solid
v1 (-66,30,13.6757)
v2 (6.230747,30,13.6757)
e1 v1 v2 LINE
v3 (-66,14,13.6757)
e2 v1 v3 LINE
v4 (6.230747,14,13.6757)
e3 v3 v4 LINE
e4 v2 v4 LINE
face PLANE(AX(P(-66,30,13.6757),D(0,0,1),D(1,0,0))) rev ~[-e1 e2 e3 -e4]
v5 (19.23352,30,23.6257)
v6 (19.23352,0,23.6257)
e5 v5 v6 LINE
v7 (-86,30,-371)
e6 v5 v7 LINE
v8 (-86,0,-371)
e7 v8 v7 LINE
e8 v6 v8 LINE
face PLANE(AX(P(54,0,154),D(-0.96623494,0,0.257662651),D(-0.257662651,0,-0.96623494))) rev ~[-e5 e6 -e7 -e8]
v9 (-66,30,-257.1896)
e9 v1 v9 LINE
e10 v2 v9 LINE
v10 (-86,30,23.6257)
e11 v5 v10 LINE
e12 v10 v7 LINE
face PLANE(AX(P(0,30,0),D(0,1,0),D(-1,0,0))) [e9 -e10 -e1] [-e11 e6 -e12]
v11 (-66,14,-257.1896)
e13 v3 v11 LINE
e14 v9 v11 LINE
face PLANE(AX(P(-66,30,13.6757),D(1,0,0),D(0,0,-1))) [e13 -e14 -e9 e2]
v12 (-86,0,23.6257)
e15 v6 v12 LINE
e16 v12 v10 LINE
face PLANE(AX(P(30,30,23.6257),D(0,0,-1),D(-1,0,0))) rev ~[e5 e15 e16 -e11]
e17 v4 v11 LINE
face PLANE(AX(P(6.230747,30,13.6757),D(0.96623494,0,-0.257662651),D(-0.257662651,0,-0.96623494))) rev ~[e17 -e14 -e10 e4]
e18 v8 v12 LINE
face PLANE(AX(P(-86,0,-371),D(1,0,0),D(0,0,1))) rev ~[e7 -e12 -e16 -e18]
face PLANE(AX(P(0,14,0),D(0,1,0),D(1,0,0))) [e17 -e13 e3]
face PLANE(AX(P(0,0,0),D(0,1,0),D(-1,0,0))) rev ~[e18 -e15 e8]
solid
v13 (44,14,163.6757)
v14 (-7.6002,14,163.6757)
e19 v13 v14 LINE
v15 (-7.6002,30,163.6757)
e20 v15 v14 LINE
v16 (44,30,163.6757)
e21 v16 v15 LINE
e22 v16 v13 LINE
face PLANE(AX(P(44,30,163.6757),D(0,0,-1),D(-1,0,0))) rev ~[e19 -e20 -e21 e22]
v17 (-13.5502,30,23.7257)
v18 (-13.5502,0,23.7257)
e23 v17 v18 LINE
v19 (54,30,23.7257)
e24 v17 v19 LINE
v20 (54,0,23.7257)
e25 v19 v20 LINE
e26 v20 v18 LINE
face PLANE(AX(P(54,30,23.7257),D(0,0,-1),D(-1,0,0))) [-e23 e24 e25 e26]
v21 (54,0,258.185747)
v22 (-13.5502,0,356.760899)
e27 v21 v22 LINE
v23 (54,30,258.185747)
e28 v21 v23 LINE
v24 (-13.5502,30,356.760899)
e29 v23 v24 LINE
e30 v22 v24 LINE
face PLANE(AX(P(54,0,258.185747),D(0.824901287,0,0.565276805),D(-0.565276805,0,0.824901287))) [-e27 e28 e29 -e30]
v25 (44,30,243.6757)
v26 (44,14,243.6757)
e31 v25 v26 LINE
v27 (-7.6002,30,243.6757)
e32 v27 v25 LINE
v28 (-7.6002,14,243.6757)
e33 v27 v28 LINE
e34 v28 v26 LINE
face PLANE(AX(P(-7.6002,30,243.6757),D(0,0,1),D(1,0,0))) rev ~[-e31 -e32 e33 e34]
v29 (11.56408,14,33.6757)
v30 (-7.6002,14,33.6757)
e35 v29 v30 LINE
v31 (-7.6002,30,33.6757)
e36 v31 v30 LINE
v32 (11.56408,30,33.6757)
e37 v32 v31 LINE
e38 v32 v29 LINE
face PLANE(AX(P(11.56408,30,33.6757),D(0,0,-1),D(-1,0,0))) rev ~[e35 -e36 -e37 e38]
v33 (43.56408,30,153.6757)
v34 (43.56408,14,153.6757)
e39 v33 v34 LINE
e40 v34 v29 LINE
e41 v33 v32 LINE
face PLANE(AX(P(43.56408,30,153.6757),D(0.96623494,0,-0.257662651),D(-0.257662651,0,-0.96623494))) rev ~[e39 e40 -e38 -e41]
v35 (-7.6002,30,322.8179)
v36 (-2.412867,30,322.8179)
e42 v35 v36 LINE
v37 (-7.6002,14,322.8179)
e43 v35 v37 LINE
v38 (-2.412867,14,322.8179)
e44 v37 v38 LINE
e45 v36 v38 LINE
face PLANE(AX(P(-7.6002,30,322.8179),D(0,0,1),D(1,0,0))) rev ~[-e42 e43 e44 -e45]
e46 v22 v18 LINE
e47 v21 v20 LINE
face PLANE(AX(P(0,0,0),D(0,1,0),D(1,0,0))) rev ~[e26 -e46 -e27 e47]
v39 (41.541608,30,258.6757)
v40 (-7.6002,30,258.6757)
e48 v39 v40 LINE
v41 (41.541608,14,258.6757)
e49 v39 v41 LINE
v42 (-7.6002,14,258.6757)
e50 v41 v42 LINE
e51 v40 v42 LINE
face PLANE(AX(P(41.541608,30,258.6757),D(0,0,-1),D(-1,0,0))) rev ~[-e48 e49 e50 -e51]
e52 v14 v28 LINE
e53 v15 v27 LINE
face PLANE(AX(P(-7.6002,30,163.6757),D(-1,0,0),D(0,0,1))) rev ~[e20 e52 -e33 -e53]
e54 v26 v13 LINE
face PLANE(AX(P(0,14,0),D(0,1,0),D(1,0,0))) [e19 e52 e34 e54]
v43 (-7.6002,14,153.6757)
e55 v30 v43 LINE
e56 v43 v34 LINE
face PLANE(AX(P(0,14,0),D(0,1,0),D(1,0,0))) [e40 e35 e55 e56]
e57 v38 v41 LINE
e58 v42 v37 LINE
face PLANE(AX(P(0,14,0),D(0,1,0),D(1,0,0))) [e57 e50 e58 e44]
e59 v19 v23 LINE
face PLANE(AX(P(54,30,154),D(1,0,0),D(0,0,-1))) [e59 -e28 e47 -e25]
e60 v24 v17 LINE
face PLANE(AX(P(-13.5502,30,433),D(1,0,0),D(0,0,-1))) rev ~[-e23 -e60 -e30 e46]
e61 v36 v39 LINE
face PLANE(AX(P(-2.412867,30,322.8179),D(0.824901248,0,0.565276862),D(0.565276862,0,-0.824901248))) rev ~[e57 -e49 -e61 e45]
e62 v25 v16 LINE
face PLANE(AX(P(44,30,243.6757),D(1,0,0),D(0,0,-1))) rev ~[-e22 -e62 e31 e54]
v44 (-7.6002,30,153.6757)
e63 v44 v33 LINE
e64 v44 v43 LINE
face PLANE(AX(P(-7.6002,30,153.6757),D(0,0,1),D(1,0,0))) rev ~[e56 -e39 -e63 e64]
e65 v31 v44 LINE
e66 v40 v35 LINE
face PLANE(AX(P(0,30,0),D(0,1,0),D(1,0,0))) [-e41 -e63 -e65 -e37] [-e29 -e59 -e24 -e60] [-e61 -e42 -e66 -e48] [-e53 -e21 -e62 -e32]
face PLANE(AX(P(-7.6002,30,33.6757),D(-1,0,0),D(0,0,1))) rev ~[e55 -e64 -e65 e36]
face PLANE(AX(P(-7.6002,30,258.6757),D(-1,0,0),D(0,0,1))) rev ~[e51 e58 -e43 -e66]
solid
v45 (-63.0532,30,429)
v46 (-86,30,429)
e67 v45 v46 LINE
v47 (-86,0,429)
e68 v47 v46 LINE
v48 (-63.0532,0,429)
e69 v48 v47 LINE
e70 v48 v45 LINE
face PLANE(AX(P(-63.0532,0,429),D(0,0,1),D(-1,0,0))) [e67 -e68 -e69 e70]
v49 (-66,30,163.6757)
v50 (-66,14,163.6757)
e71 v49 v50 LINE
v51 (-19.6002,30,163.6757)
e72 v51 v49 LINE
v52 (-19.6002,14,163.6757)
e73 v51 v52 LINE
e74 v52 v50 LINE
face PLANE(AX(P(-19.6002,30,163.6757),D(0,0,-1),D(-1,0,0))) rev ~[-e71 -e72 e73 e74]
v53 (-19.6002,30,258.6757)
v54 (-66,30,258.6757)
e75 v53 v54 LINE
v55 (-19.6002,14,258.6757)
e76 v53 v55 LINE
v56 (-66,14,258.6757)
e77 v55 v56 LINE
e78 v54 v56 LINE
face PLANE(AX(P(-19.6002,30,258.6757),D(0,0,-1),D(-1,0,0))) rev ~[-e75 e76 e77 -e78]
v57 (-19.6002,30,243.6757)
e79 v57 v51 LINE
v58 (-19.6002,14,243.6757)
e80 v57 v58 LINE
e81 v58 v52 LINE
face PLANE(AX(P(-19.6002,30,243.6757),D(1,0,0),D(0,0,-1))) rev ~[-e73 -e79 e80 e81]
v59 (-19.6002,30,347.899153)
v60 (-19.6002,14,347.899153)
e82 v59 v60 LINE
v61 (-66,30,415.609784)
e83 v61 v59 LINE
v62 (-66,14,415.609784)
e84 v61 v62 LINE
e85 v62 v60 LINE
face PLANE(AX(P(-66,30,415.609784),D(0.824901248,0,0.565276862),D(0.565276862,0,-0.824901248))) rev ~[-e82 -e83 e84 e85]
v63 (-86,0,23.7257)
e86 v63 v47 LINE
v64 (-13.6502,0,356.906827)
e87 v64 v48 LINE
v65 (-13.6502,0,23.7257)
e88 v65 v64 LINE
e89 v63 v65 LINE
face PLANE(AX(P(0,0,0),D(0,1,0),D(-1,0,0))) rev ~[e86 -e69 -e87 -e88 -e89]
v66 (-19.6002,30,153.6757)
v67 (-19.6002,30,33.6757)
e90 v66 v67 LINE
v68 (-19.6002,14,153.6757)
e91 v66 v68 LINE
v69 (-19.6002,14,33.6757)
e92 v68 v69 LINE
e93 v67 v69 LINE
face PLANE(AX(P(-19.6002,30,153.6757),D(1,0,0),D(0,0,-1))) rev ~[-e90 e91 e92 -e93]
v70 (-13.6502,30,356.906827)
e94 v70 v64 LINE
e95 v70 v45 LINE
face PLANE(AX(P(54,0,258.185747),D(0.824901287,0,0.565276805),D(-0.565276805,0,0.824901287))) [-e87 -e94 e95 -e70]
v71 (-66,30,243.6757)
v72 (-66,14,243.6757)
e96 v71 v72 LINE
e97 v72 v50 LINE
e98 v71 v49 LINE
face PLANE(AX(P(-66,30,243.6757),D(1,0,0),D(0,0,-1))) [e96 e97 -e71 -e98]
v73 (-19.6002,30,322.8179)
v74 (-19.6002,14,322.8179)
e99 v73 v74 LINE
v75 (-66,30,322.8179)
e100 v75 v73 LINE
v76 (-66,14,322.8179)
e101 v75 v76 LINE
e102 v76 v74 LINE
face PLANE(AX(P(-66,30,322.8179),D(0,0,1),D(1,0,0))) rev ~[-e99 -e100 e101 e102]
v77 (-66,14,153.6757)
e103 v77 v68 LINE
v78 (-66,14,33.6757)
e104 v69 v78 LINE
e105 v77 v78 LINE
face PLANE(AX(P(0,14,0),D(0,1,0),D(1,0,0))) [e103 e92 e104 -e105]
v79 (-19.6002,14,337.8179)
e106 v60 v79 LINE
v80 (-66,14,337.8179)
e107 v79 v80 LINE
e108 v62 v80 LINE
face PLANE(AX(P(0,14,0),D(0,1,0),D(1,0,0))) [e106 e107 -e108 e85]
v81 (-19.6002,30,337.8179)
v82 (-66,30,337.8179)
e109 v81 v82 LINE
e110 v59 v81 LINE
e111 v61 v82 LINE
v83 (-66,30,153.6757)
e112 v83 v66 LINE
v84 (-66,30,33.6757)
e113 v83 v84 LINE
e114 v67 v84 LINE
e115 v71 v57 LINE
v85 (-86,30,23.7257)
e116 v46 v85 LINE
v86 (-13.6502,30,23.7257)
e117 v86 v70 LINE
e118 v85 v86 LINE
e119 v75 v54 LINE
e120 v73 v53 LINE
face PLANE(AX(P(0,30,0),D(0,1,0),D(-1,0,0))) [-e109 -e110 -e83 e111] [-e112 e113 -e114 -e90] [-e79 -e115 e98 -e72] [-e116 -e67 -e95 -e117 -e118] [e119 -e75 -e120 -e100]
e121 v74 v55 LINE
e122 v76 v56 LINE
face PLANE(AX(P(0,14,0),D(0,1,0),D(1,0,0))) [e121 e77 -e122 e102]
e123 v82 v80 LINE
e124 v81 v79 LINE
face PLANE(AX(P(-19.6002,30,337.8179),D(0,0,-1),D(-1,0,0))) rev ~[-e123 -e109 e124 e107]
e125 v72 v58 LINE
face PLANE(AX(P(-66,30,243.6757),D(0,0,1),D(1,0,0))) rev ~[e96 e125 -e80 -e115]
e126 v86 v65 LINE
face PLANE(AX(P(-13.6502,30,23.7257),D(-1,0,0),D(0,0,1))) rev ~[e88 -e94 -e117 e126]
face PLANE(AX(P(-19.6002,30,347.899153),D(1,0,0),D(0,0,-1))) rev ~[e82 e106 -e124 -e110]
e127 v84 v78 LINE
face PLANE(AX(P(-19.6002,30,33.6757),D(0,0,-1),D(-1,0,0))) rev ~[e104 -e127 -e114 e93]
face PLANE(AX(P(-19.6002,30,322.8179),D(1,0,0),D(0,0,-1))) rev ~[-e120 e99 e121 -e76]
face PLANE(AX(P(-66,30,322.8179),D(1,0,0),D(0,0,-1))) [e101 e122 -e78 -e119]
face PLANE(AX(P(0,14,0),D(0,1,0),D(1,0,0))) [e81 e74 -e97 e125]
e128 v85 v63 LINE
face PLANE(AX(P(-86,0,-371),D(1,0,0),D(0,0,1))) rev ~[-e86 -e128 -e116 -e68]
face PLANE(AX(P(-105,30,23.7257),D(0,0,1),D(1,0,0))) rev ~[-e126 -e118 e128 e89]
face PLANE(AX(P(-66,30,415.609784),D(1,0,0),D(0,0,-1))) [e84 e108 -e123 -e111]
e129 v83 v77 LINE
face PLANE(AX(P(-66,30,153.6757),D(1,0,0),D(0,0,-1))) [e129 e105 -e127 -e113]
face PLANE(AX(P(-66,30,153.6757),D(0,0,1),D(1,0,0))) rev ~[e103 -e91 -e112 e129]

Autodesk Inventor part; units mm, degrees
ref_plane "YZ Plane" through (0, 0, 0) normal (1, 0, 0) x (0, 1, 0)
ref_plane "XZ Plane" through (0, 0, 0) normal (0, 1, 0) x (-1, 0, 0)
ref_plane "XY Plane" through (0, 0, 0) normal (0, 0, 1) x (1, 0, 0)
sketch "Sketch1" plane through (0, 0, 0) normal (0, 1, 0) x (-1, 0, 0)
  line L0 (86, 229) -> (-74, 229)
  line L1 (-74, 229) -> (-74, -371)
  line L2 (-74, -371) -> (86, -371)
  line L3 (86, -371) -> (86, 229)
  line L4 (86, 229) -> (-74, 229)
  line L5 (-74, 229) -> (-74, 429)
  line L6 (-74, 429) -> (86, 429)
  line L7 (86, 429) -> (86, 229)
  line L8 (-74, 229) -> (86, -371)
  line L9 (-74, 229) -> (63.0532, 429)
  line L10 (-74, 429) -> (-54, 429)
  line L11 (-54, 429) -> (-54, -371)
  line L12 (-54, -371) -> (-74, -371)
  line L13 (-74, -371) -> (-74, 429)
  point P0 (0, 0)
  point P1 (-54, 258.1857)
  point P2 (-54, 154)
  dimension "d0" = 600
  dimension "d1" = 200
  dimension "d2" = 160
  dimension "d3" = 20
extrude "Extrusion1" add sketch "Sketch1" along normal blind 30 contours L3 L8 L11 L0 | L0 L11 L9 L6 L7
sketch "Sketch2" plane through (0, 30, 0) normal (0, 1, 0) x (1, 0, 0)
  line L0 (75.5798, -163.6757) -> (-122, -163.6757)
  line L1 (-122, -163.6757) -> (-122, -153.6757)
  line L2 (-122, -153.6757) -> (75.5798, -153.6757)
  line L3 (75.5798, -153.6757) -> (75.5798, -163.6757)
  line L4 (143.751, -33.6757) -> (-97.1737, -33.6757)
  line L5 (-97.1737, -33.6757) -> (-97.1737, -13.6757)
  line L6 (-97.1737, -13.6757) -> (143.751, -13.6757)
  line L7 (143.751, -13.6757) -> (143.751, -33.6757)
  line L8 (152.9485, -258.6757) -> (-87.9762, -258.6757)
  line L9 (-87.9762, -258.6757) -> (-87.9762, -243.6757)
  line L10 (-87.9762, -243.6757) -> (152.9485, -243.6757)
  line L11 (152.9485, -243.6757) -> (152.9485, -258.6757)
  line L12 (-86, -429) -> (-63.0532, -429) projected
  line L13 (-63.0532, -429) -> (54, -258.1857) projected
  line L14 (54, -258.1857) -> (54, -154) projected
  line L15 (54, -154) -> (-86, 371) projected
  line L16 (-86, 371) -> (-86, -429) projected
  line L17 (-76, -419) -> (-68.3232, -419)
  line L18 (-68.3232, -419) -> (44, -255.0882)
  line L19 (44, -255.0882) -> (44, -155.3104)
  line L20 (44, -155.3104) -> (-76, 294.6896)
  line L21 (-76, 294.6896) -> (-76, -419)
  line L22 (38.103, -337.8179) -> (-236.6655, -337.8179)
  line L23 (-236.6655, -337.8179) -> (-236.6655, -322.8179)
  line L24 (-236.6655, -322.8179) -> (38.103, -322.8179)
  line L25 (38.103, -322.8179) -> (38.103, -337.8179)
  line L26 (-19.6002, -33.6757) -> (-7.6002, -33.6757)
  line L27 (-7.6002, -33.6757) -> (-7.6002, -433)
  line L28 (-7.6002, -433) -> (-19.6002, -433)
  line L29 (-19.6002, -433) -> (-19.6002, -33.6757)
  line L30 (-76, -419) -> (-66, -419)
  line L31 (-66, -419) -> (-66, 295.0501)
  line L32 (-66, 295.0501) -> (-76, 295.0501)
  line L33 (-76, 295.0501) -> (-76, -419)
  point P0 (0, 0)
  point P1 (-76, -13.6757)
  point P2 (6.2307, -13.6757)
  point P3 (-76, -33.6757)
  point P4 (-76, -153.6757)
  point P5 (44, -159.6038)
  point P6 (11.5641, -33.6757)
  point P7 (-76, -163.6757)
  point P8 (-76, -243.6757)
  point P9 (38.3772, -263.2935)
  point P10 (44, -163.6757)
  point P11 (41.5416, -258.6757)
  point P12 (-76, -258.6757)
  point P13 (-94.6892, -355.1147)
  point P14 (-104.6892, -352.0171)
  point P15 (43.5641, -153.6757)
  point P16 (44, -243.6757)
  point P17 (-86, -163.6757)
  point P18 (-86, -243.6757)
  point P19 (-86, -33.6757)
  point P20 (-86, -153.6757)
  point P21 (53.9135, -153.6757)
  point P22 (21.9135, -33.6757)
  point P23 (16.5802, -13.6757)
  point P24 (-86, -13.6757)
  point P25 (-86, -258.6757)
  point P26 (54, -163.6757)
  point P27 (-86, -337.8179)
  point P28 (-86, -322.8179)
  point P29 (54, -243.6757)
  point P30 (53.6642, -258.6757)
  point P31 (9.7098, -322.8179)
  point P32 (-0.5692, -337.8179)
  point P33 (-7.6002, -348.0781)
  point P34 (-19.6002, -365.5895)
  point P35 (-66, 257.1896)
  point P36 (-66, -13.6757)
  point P37 (-7.6002, -33.6757)
  point P38 (-7.6002, -153.6757)
  point P39 (-66, -33.6757)
  point P40 (-66, -153.6757)
  point P41 (-19.6002, -153.6757)
  point P42 (-66, -163.6757)
  point P43 (-66, -243.6757)
  point P44 (-19.6002, -243.6757)
  point P45 (-19.6002, -163.6757)
  point P46 (-7.6002, -163.6757)
  point P47 (-7.6002, -243.6757)
  point P48 (-7.6002, -258.6757)
  point P49 (-7.6002, -322.8179)
  point P50 (-2.4129, -322.8179)
  point P51 (-66, -258.6757)
  point P52 (-66, -322.8179)
  point P53 (-19.6002, -322.8179)
  point P54 (-19.6002, -258.6757)
  point P55 (-66, -337.8179)
  point P56 (-66, -415.6098)
  point P57 (-19.6002, -347.8991)
  point P58 (-19.6002, -337.8179)
  dimension "d6" = 10
  dimension "d7" = 20
  dimension "d8" = 15
  dimension "d9" = 120
  dimension "d10" = 80
  dimension "d11" = 10
  dimension "d15" = 15
  dimension "d16" = 12
  dimension "d17" = 20
extrude "Extrusion2" cut sketch "Sketch2" against normal blind 16 contours L19 L10 L27 L0 | L2 L27 L4 L20 | L29 L10 L31 L0 | L2 L31 L4 L29 | L8 L18 L24 L27 | L6 L31 L20 | L29 L24 L31 L8 | L29 L18 L31 L22
sketch "Sketch3" plane through (0, 30, 0) normal (0, 1, 0) x (1, 0, 0)
  line L0 (-7.6002, -33.6757) -> (11.5641, -33.6757) projected
  line L1 (6.2307, -13.6757) -> (-66, -13.6757) projected
  line L2 (30, -23.6257) -> (-105, -23.6257)
  line L3 (-105, -23.6257) -> (-105, -23.7257)
  line L4 (-105, -23.7257) -> (30, -23.7257)
  line L5 (30, -23.7257) -> (30, -23.6257)
  line L6 (-13.5502, -23.6945) -> (-13.6502, -23.6945)
  line L7 (-13.6502, -23.6945) -> (-13.6502, -433)
  line L8 (-13.6502, -433) -> (-13.5502, -433)
  line L9 (-13.5502, -433) -> (-13.5502, -23.6945)
  line L10 (-7.6002, -243.6757) -> (-7.6002, -163.6757) projected
  line L11 (-19.6002, -258.6757) -> (-19.6002, -322.8179) projected
  point P0 (0, 0)
  point P1 (-13.5502, -23.7257)
  point P2 (-13.6502, -23.7257)
  dimension "d18" = 20
  dimension "d19" = 9.95
  dimension "d20" = 9.95
  dimension "d21" = 5.95
  dimension "d22" = 5.95
extrude "Extrusion3" cut sketch "Sketch3" against normal blind 50
sketch "Sketch5" plane through (0, 30, 0) normal (0, 1, 0) x (1, 0, 0)
  line L0 (54, -154) -> (19.2602, -23.7257) projected
  line L1 (54, -154) -> (54, -23.7257)
  line L2 (54, -23.7257) -> (19.2602, -23.7257)
  line L3 (54, -258.1857) -> (54, -154) projected
  line L4 (19.2602, -23.7257) -> (54, -154)
  point P0 (0, 0)
extrude "Extrusion6" add sketch "Sketch5" against normal up to surface (30 mm away)
properties part number "Nozki" material "Aluminum 6061"
